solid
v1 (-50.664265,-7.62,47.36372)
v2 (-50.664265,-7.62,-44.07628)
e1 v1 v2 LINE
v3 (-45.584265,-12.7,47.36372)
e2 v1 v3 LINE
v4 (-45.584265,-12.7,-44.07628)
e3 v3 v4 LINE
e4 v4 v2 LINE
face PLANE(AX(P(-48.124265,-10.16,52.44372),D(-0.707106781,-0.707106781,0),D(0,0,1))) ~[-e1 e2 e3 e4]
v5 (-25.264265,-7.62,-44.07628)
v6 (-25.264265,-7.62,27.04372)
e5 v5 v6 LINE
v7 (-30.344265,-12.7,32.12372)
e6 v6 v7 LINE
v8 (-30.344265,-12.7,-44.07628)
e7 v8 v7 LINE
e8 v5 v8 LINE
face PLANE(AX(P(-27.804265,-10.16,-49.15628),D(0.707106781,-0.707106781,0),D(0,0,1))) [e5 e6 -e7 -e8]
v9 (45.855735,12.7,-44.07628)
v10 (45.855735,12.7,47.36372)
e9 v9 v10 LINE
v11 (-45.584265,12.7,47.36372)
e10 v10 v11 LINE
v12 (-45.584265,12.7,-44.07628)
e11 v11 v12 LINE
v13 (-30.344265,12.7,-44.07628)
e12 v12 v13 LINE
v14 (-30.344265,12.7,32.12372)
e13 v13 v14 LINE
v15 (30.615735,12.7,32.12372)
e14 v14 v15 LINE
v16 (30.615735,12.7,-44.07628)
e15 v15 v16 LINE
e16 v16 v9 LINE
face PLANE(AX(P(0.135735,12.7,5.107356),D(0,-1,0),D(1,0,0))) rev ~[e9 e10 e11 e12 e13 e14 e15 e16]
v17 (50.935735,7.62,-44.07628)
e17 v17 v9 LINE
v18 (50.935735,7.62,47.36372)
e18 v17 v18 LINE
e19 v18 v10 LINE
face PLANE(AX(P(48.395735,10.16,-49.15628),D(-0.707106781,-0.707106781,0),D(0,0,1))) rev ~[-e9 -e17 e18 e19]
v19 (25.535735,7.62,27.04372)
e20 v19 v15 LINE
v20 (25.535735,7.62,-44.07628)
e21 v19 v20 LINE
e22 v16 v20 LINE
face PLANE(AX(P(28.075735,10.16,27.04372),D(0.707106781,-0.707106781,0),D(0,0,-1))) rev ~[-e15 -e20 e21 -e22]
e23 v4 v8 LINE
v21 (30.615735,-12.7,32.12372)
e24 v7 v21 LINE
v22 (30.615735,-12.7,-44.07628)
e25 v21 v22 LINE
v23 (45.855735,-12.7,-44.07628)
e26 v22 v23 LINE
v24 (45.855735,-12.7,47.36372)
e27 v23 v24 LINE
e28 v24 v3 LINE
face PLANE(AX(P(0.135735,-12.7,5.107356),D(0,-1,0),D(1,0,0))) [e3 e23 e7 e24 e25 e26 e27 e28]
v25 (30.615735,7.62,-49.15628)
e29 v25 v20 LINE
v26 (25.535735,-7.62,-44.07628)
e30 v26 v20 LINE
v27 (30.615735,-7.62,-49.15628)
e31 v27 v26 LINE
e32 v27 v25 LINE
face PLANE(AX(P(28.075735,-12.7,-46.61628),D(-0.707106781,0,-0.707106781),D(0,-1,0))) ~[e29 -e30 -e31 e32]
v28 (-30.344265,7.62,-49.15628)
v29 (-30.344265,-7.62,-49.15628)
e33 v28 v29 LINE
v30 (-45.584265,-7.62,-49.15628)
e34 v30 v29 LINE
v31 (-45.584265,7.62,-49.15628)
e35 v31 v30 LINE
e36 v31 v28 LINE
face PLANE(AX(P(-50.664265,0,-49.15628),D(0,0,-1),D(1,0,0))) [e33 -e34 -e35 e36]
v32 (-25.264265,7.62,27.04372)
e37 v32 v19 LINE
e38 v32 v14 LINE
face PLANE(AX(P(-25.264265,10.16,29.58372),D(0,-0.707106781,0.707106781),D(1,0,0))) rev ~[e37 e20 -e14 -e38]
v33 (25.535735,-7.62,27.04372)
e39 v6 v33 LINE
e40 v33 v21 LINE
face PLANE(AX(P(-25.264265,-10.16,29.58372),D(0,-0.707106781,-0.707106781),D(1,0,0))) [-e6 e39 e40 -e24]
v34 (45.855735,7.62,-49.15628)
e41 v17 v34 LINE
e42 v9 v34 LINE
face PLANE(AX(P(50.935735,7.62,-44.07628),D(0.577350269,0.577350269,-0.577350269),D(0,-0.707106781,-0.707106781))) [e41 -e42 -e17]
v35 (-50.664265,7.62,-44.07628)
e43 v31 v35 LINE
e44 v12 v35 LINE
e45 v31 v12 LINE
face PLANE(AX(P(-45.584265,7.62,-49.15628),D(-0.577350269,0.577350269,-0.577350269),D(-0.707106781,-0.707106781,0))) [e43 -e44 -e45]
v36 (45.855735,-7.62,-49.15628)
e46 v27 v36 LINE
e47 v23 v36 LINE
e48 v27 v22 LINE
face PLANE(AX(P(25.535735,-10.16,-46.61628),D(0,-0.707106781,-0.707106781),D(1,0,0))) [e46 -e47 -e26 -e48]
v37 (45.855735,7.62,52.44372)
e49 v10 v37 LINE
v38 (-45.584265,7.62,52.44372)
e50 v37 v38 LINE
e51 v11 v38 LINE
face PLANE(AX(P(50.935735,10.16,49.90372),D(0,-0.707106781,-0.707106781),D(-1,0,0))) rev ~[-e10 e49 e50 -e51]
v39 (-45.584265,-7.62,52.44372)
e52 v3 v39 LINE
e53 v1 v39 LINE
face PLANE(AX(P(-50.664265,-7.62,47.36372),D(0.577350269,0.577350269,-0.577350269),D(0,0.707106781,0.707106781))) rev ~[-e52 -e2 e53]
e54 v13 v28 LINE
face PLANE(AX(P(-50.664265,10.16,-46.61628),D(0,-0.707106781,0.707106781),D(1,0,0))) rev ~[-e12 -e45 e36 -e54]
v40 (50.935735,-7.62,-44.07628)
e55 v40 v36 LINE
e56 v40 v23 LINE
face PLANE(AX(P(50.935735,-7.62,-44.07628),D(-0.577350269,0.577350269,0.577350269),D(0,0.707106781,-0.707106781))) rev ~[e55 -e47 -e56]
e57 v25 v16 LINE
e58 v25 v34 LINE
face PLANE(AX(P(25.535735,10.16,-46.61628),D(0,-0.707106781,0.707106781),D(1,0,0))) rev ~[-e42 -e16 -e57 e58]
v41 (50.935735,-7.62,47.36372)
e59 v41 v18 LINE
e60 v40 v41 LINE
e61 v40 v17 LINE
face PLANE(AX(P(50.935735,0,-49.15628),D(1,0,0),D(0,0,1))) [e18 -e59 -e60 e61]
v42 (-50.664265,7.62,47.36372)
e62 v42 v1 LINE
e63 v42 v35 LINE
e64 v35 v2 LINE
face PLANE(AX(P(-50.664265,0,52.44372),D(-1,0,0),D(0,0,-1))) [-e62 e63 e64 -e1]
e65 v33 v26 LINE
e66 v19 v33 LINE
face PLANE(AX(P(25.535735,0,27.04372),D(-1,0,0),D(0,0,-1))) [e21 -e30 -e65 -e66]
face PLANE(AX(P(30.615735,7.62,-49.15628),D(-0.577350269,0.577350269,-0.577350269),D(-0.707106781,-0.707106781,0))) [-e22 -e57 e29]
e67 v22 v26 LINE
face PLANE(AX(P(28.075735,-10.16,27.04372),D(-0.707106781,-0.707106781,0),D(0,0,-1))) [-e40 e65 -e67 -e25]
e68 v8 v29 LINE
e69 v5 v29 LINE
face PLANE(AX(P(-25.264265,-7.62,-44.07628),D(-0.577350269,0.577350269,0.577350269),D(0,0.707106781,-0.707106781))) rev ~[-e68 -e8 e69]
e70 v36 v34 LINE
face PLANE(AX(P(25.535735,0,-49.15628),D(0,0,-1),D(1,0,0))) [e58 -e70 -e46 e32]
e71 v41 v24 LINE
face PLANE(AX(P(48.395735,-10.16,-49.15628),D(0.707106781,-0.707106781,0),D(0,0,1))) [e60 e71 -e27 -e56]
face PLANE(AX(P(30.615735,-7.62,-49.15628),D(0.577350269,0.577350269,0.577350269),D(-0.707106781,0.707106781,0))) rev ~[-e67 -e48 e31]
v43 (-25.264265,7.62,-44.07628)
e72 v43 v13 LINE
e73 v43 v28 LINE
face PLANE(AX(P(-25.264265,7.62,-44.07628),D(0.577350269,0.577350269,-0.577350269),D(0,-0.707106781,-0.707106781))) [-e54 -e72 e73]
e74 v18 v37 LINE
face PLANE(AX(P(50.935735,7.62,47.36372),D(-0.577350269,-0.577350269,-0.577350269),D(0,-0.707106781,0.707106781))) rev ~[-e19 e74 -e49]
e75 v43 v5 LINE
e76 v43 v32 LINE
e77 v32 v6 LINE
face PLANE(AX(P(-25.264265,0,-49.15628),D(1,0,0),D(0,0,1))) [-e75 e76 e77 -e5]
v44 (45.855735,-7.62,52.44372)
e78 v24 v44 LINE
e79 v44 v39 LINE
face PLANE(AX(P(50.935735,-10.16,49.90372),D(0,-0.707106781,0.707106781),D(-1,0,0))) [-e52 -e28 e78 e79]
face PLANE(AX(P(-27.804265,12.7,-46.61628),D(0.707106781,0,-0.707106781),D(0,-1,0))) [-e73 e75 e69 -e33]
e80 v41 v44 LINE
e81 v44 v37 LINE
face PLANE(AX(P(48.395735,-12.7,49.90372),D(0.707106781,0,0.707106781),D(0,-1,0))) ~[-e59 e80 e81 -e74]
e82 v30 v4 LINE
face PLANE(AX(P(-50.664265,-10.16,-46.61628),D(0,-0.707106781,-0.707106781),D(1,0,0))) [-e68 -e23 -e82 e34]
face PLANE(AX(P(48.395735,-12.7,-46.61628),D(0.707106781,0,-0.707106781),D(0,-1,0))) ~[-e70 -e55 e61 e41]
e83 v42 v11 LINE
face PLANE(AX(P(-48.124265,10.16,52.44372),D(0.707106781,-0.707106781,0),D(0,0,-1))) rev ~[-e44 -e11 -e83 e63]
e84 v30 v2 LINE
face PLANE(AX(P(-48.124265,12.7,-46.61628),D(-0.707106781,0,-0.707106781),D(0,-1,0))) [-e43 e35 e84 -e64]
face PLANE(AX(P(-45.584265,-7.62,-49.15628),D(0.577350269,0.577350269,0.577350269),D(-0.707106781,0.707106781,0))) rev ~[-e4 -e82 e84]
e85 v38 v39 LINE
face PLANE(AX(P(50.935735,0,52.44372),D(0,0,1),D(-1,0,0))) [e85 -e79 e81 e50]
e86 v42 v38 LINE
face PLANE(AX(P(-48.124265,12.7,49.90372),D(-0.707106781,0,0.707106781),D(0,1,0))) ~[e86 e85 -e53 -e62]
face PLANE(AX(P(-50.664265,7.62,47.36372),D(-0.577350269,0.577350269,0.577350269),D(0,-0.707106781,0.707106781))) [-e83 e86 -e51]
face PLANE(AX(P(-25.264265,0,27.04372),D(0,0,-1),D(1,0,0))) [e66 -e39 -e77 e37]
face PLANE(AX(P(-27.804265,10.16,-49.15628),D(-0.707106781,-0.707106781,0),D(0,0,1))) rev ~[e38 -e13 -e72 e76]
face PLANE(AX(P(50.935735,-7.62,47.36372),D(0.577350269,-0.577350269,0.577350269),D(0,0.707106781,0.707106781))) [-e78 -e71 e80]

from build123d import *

# Parameters (mm, degrees)
F1_DEPTH = 12.7
F2_SIZE  = 5.08


with BuildPart() as f1:
    # F0 (on Front) → F1 (new body, symmetric)
    with BuildSketch(Plane.XZ):
        Polygon((50.935735, 52.44372), (-50.664265, 52.44372), (-50.664265, -49.15628), (-25.264265, -49.15628), (-25.264265, 27.04372), (25.535735, 27.04372), (25.535735, -49.15628), (50.935735, -49.15628), align=None)
    extrude(amount=F1_DEPTH, both=True)

    # F2
    f2_edges = [f1.edges().sort_by_distance(p)[0] for p in [
        (0.135735, 12.7, 52.44372),
        (-50.664265, 12.7, 1.64372),
        (-37.964265, 12.7, -49.15628),
        (-25.264265, 12.7, -11.05628),
        (0.135735, 12.7, 27.04372),
        (25.535735, 12.7, -11.05628),
        (38.235735, 12.7, -49.15628),
        (50.935735, 12.7, 1.64372),
        (0.135735, -12.7, 52.44372),
        (-50.664265, -12.7, 1.64372),
        (-37.964265, -12.7, -49.15628),
        (-25.264265, -12.7, -11.05628),
        (0.135735, -12.7, 27.04372),
        (25.535735, -12.7, -11.05628),
        (38.235735, -12.7, -49.15628),
        (50.935735, -12.7, 1.64372),
        (-50.664265, 0, 52.44372),
        (50.935735, 0, 52.44372),
        (50.935735, 0, -49.15628),
        (25.535735, 0, -49.15628),
        (-50.664265, 0, -49.15628),
        (-25.264265, 0, -49.15628),
    ]]
    chamfer(f2_edges, length=F2_SIZE)


solid = f1.part
